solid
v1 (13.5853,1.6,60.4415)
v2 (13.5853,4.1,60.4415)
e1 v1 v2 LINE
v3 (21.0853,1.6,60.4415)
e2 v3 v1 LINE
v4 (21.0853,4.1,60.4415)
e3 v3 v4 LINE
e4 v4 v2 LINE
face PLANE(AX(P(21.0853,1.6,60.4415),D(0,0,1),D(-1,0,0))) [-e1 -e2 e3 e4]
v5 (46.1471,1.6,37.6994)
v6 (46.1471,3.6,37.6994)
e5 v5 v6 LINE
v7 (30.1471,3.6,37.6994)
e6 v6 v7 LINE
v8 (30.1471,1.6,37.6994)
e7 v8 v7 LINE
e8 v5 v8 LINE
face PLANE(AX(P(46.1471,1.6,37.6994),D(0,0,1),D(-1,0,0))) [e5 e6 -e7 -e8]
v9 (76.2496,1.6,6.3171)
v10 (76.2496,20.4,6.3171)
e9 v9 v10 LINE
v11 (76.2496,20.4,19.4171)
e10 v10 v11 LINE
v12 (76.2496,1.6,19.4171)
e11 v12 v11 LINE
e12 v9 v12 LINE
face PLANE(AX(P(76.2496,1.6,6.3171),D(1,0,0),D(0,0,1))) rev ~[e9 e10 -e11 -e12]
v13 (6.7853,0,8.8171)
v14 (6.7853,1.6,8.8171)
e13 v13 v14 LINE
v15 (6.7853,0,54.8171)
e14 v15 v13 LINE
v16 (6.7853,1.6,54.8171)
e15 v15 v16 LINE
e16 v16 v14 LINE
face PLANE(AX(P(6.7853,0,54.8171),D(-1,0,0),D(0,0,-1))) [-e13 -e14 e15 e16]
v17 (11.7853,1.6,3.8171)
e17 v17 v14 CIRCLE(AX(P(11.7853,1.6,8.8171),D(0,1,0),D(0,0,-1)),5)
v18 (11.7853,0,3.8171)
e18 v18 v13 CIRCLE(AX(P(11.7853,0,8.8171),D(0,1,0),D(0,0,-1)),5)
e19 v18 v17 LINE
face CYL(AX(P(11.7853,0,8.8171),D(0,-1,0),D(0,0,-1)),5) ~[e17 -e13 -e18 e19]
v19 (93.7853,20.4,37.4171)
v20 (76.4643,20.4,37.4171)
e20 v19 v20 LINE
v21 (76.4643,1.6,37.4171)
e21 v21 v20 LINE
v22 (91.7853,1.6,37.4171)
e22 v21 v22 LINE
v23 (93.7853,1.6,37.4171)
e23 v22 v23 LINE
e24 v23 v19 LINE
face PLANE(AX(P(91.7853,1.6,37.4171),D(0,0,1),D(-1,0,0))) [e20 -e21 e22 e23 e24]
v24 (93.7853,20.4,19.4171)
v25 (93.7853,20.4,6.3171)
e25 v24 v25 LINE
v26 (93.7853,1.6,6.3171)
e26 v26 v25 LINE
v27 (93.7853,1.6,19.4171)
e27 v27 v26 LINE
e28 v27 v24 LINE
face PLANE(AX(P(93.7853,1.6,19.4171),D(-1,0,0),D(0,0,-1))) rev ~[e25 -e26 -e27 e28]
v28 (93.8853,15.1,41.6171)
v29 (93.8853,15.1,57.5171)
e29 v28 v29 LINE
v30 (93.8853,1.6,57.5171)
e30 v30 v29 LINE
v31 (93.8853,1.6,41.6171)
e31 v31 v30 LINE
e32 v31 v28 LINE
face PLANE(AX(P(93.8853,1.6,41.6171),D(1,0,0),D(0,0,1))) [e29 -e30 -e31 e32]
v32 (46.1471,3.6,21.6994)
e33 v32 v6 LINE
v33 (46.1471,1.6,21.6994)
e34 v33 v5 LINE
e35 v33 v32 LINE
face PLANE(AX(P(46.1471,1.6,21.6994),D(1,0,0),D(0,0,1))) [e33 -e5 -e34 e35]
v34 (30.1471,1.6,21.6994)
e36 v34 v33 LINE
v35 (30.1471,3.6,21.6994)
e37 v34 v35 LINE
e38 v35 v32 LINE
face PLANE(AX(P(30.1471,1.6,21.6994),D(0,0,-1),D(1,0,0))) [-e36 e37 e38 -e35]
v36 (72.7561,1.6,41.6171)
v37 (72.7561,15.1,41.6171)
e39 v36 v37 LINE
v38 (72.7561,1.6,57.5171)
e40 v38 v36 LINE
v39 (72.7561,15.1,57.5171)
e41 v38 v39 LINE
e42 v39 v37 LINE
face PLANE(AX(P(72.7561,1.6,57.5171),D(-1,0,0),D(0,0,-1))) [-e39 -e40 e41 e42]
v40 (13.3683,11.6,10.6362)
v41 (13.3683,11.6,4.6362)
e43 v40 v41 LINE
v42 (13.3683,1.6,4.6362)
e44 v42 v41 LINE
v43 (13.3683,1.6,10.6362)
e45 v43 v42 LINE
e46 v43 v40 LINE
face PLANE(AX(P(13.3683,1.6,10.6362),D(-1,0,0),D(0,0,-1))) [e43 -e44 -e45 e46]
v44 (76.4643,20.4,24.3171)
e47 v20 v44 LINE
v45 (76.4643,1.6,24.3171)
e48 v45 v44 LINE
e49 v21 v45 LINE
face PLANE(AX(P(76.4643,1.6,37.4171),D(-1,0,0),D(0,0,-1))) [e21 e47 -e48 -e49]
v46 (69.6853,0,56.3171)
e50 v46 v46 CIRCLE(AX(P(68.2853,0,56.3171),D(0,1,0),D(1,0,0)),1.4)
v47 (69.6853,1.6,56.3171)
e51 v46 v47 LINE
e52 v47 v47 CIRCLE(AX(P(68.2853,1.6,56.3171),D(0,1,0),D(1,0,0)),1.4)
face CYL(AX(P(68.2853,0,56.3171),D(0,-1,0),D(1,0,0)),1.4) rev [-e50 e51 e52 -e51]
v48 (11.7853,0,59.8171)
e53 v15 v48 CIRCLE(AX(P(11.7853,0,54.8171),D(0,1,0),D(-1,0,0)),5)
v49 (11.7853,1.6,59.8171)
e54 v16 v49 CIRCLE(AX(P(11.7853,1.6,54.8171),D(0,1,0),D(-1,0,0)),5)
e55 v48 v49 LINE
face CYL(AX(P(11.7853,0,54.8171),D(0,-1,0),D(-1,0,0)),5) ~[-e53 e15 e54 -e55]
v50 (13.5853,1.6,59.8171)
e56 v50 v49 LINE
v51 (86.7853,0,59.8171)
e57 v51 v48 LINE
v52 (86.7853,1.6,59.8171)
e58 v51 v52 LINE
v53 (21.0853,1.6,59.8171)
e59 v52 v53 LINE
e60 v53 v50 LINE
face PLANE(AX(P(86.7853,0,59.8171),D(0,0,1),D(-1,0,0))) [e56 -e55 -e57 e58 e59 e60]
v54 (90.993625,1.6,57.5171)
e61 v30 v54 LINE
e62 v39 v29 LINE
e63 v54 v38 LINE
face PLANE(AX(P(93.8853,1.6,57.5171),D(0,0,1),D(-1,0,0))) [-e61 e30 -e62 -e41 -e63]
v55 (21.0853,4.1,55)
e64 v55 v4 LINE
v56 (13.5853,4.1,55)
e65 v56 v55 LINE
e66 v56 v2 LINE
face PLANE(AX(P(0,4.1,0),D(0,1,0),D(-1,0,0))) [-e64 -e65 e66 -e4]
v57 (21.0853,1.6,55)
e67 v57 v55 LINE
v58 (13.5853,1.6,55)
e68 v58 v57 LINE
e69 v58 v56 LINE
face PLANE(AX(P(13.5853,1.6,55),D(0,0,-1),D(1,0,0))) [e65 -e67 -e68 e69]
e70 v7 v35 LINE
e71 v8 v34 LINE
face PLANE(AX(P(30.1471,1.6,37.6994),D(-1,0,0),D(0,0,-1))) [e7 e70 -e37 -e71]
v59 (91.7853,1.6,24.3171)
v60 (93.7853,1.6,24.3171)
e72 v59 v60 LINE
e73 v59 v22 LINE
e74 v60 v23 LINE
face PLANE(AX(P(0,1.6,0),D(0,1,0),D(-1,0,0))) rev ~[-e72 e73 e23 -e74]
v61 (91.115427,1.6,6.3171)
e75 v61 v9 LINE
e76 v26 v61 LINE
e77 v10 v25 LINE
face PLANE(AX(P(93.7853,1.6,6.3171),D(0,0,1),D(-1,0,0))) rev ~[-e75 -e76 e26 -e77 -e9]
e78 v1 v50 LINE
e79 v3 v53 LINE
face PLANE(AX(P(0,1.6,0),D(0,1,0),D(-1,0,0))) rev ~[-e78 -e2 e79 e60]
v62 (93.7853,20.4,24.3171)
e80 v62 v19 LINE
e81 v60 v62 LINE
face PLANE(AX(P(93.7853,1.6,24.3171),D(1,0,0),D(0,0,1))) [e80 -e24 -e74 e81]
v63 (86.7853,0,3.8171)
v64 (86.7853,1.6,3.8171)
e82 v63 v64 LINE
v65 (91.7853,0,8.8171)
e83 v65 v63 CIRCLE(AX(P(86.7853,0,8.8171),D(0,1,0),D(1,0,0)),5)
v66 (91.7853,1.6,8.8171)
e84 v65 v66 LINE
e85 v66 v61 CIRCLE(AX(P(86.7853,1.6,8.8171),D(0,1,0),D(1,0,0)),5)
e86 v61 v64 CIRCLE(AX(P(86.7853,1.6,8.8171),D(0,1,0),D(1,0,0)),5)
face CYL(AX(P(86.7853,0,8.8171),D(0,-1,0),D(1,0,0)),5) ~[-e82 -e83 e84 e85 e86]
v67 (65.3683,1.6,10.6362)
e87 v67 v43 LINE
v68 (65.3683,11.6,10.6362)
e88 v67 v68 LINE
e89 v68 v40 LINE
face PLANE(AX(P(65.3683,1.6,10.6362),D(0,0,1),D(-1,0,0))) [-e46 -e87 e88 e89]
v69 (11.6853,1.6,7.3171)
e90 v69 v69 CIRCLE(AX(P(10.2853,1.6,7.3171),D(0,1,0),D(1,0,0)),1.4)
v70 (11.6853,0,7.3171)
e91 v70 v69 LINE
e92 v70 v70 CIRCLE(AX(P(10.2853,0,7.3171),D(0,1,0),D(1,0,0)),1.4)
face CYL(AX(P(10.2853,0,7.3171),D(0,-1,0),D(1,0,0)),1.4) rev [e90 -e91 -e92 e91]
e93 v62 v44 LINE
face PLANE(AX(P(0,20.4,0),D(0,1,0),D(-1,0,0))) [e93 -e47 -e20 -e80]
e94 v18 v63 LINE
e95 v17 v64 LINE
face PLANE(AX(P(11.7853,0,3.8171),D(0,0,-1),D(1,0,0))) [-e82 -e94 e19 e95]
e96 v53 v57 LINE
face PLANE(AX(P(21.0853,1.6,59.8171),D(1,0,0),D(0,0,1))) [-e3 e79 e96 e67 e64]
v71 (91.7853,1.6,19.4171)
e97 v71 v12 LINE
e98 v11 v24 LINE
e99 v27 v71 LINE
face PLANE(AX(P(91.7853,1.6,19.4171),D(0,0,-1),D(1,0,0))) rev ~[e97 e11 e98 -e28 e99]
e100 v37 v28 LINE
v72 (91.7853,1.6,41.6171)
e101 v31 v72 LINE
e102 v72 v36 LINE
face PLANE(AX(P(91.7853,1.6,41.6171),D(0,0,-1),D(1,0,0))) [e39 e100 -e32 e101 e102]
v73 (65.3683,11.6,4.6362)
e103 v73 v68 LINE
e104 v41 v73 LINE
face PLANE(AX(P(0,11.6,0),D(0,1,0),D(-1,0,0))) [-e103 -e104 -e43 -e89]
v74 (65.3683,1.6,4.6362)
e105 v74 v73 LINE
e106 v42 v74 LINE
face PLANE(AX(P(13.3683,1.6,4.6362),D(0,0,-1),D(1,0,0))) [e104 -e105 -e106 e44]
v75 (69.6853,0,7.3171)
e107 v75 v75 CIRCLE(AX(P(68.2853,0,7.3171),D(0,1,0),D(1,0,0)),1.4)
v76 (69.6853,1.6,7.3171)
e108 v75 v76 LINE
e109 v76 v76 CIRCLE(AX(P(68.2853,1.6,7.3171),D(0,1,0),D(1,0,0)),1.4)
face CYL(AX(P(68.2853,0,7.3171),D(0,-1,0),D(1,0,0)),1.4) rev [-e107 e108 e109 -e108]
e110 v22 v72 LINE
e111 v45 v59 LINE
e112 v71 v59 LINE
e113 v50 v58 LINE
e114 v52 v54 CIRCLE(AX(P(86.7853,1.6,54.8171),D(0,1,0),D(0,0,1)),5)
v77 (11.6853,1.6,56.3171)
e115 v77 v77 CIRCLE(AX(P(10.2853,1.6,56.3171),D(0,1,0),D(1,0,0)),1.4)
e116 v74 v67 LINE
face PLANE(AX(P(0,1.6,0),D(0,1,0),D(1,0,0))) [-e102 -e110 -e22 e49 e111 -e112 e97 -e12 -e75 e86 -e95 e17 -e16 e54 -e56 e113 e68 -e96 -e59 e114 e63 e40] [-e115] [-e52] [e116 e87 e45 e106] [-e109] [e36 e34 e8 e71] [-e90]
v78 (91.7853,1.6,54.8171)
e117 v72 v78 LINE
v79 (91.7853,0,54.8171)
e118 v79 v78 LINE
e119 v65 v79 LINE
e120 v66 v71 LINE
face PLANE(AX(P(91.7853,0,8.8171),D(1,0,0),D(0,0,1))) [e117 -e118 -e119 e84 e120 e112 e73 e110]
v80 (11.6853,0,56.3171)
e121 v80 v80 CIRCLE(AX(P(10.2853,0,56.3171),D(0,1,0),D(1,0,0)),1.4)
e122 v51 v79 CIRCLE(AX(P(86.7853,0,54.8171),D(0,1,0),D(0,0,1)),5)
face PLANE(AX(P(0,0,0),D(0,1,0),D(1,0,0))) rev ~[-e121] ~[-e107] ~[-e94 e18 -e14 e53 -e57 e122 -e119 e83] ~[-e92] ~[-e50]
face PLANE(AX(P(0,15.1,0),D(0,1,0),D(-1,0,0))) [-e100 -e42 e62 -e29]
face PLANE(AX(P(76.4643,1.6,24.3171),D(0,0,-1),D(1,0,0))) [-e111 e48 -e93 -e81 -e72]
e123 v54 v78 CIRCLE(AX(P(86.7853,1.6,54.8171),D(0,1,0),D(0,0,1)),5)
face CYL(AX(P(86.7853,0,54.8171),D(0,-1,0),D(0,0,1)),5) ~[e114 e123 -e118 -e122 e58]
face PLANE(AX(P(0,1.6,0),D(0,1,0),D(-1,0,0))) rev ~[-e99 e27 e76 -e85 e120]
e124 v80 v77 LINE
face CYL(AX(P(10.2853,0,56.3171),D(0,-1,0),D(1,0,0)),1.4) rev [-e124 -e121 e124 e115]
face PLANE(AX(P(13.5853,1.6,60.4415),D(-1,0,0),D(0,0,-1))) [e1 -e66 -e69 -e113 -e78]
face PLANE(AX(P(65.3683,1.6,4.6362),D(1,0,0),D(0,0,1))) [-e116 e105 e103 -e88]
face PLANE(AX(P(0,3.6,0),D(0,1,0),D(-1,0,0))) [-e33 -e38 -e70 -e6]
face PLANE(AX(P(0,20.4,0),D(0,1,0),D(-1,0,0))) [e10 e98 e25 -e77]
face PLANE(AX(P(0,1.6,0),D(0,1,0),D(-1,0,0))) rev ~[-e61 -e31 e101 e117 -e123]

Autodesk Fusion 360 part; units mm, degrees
sketch "Sketch1" plane through (0, 0, 0) normal (0, 1, 0) x (1, 0, 0)
  line L0 (11.7853, -3.8171) -> (86.7853, -3.8171)
  line L1 (91.7853, -8.8171) -> (91.7853, -54.8171)
  line L2 (86.7853, -59.8171) -> (11.7853, -59.8171)
  line L3 (6.7853, -54.8171) -> (6.7853, -8.8171)
  circle A0 centre (10.2853, -7.3171) radius 1.4
  circle A1 centre (10.2853, -56.3171) radius 1.4
  circle A2 centre (68.2853, -7.3171) radius 1.4
  circle A3 centre (68.2853, -56.3171) radius 1.4
  arc A4 (91.7853, -8.8171) -> (86.7853, -3.8171) centre (86.7853, -8.8171) ccw
  arc A5 (86.7853, -59.8171) -> (91.7853, -54.8171) centre (86.7853, -54.8171) ccw
  arc A6 (6.7853, -54.8171) -> (11.7853, -59.8171) centre (11.7853, -54.8171) ccw
  arc A7 (11.7853, -3.8171) -> (6.7853, -8.8171) centre (11.7853, -8.8171) ccw
  dimension "d1" = 85
  dimension "d2" = 56
  dimension "d3" = 58
  dimension "d4" = 2.8
  dimension "d5" = 3.5
  dimension "d6" = 3.5
  dimension "d7" = 49
  dimension "d8" = 5
extrude "Extrude1" add sketch "Sketch1" along normal blind 1.6 makes body 1
copy_body "Body->Comp1" bodies 1 removing the originals makes body 2 in component "PCB"
sketch "Sketch1 (2)" plane through (0, 1.6, 0) normal (0, 1, 0) x (-1, 0, 0) in component "Component"
  circle A0 centre (-68.2853, 56.3171) radius 1.4
  circle A1 centre (-68.2853, 7.3171) radius 1.4
  circle A2 centre (-10.2853, 7.3171) radius 1.4
  circle A3 centre (-10.2853, 56.3171) radius 1.4
  arc A4 (-91.7853, 8.8171) -> (-86.7853, 3.8171) centre (-86.7853, 8.8171) ccw
  line L0 (-86.7853, 3.8171) -> (-11.7853, 3.8171)
  arc A5 (-11.7853, 3.8171) -> (-6.7853, 8.8171) centre (-11.7853, 8.8171) ccw
  line L1 (-6.7853, 8.8171) -> (-6.7853, 54.8171)
  arc A6 (-6.7853, 54.8171) -> (-11.7853, 59.8171) centre (-11.7853, 54.8171) ccw
  line L2 (-11.7853, 59.8171) -> (-86.7853, 59.8171)
  arc A7 (-86.7853, 59.8171) -> (-91.7853, 54.8171) centre (-86.7853, 54.8171) ccw
  line L3 (-91.7853, 54.8171) -> (-91.7853, 8.8171)
  line L4 (-72.7561, 41.6171) -> (-93.8853, 41.6171)
  line L5 (-93.8853, 41.6171) -> (-93.8853, 57.5171)
  line L6 (-93.8853, 57.5171) -> (-72.7561, 57.5171)
  line L7 (-72.7561, 57.5171) -> (-72.7561, 41.6171)
  dimension "d11" = 15.9
  dimension "d12" = 2.3
  dimension "d13" = 87.1
extrude "Extrude1'" add sketch "Sketch1 (2)" along normal blind 13.5 contours A7 L3 L4 L5 L6 | A7 L3 L4 L6 L7 bodies 2 in component "PCB"
sketch "Sketch2" plane through (0, 1.6, 0) normal (0, 1, 0) x (-1, 0, 0)
  line L0 (-72.7561, 41.6171) -> (-91.7853, 41.6171)
  line L1 (-91.7853, 41.6171) -> (-91.7853, 8.8171)
  arc A0 (-91.7853, 8.8171) -> (-86.7853, 3.8171) centre (-86.7853, 8.8171) ccw
  line L2 (-86.7853, 3.8171) -> (-11.7853, 3.8171)
  arc A1 (-11.7853, 3.8171) -> (-6.7853, 8.8171) centre (-11.7853, 8.8171) ccw
  line L3 (-6.7853, 8.8171) -> (-6.7853, 54.8171)
  arc A2 (-6.7853, 54.8171) -> (-11.7853, 59.8171) centre (-11.7853, 54.8171) ccw
  line L4 (-11.7853, 59.8171) -> (-86.7853, 59.8171)
  arc A3 (-86.7853, 59.8171) -> (-90.9936, 57.5171) centre (-86.7853, 54.8171) ccw
  line L5 (-90.9936, 57.5171) -> (-72.7561, 57.5171)
  line L6 (-72.7561, 57.5171) -> (-72.7561, 41.6171)
  circle A4 centre (-68.2853, 56.3171) radius 1.4
  circle A5 centre (-68.2853, 7.3171) radius 1.4
  circle A6 centre (-10.2853, 56.3171) radius 1.4
  circle A7 centre (-10.2853, 7.3171) radius 1.4
  line L7 (-13.5853, 55) -> (-21.0853, 55)
  line L8 (-21.0853, 55) -> (-21.0853, 60.4415)
  line L9 (-21.0853, 60.4415) -> (-13.5853, 60.4415)
  line L10 (-13.5853, 60.4415) -> (-13.5853, 55)
  dimension "d16" = 7.5
  dimension "d17" = 6.8
extrude "Extrude2" add sketch "Sketch2" along normal blind 2.5 contours L4 L8 L9 L10 | L4 L7 L8 L10 bodies 2 in component "PCB"
sketch "Sketch3" plane through (0, 1.6, 0) normal (0, 1, 0) x (-1, 0, 0)
  line L0 (-21.0853, 55) -> (-21.0853, 59.8171)
  line L1 (-21.0853, 59.8171) -> (-86.7853, 59.8171)
  arc A0 (-86.7853, 59.8171) -> (-90.9936, 57.5171) centre (-86.7853, 54.8171) ccw
  line L2 (-90.9936, 57.5171) -> (-72.7561, 57.5171)
  line L3 (-72.7561, 57.5171) -> (-72.7561, 41.6171)
  line L4 (-72.7561, 41.6171) -> (-91.7853, 41.6171)
  line L5 (-91.7853, 41.6171) -> (-91.7853, 8.8171)
  arc A1 (-91.7853, 8.8171) -> (-86.7853, 3.8171) centre (-86.7853, 8.8171) ccw
  line L6 (-86.7853, 3.8171) -> (-11.7853, 3.8171)
  arc A2 (-11.7853, 3.8171) -> (-6.7853, 8.8171) centre (-11.7853, 8.8171) ccw
  line L7 (-6.7853, 8.8171) -> (-6.7853, 54.8171)
  arc A3 (-6.7853, 54.8171) -> (-11.7853, 59.8171) centre (-11.7853, 54.8171) ccw
  line L8 (-11.7853, 59.8171) -> (-13.5853, 59.8171)
  line L9 (-13.5853, 59.8171) -> (-13.5853, 55)
  line L10 (-13.5853, 55) -> (-21.0853, 55)
  circle A4 centre (-68.2853, 56.3171) radius 1.4
  circle A5 centre (-68.2853, 7.3171) radius 1.4
  circle A6 centre (-10.2853, 56.3171) radius 1.4
  circle A7 centre (-10.2853, 7.3171) radius 1.4
  line L11 (-13.3683, 4.6362) -> (-65.3683, 4.6362)
  line L12 (-65.3683, 4.6362) -> (-65.3683, 10.6362)
  line L13 (-65.3683, 10.6362) -> (-13.3683, 10.6362)
  line L14 (-13.3683, 10.6362) -> (-13.3683, 4.6362)
  dimension "d20" = 52
  dimension "d21" = 6
extrude "Extrude3" add sketch "Sketch3" along normal blind 10 contours L11 L12 L13 L14 bodies 2 in component "PCB"
sketch "Sketch4" plane through (0, 1.6, 0) normal (0, 1, 0) x (-1, 0, 0)
  line L0 (-13.3683, 10.6362) -> (-13.3683, 4.6362)
  line L1 (-13.3683, 4.6362) -> (-65.3683, 4.6362)
  line L2 (-65.3683, 4.6362) -> (-65.3683, 10.6362)
  line L3 (-65.3683, 10.6362) -> (-13.3683, 10.6362)
  line L4 (-21.0853, 55) -> (-21.0853, 59.8171)
  line L5 (-21.0853, 59.8171) -> (-86.7853, 59.8171)
  arc A0 (-86.7853, 59.8171) -> (-90.9936, 57.5171) centre (-86.7853, 54.8171) ccw
  line L6 (-90.9936, 57.5171) -> (-72.7561, 57.5171)
  line L7 (-72.7561, 57.5171) -> (-72.7561, 41.6171)
  line L8 (-72.7561, 41.6171) -> (-91.7853, 41.6171)
  line L9 (-91.7853, 41.6171) -> (-91.7853, 8.8171)
  arc A1 (-91.7853, 8.8171) -> (-86.7853, 3.8171) centre (-86.7853, 8.8171) ccw
  line L10 (-86.7853, 3.8171) -> (-11.7853, 3.8171)
  arc A2 (-11.7853, 3.8171) -> (-6.7853, 8.8171) centre (-11.7853, 8.8171) ccw
  line L11 (-6.7853, 8.8171) -> (-6.7853, 54.8171)
  arc A3 (-6.7853, 54.8171) -> (-11.7853, 59.8171) centre (-11.7853, 54.8171) ccw
  line L12 (-11.7853, 59.8171) -> (-13.5853, 59.8171)
  line L13 (-13.5853, 59.8171) -> (-13.5853, 55)
  line L14 (-13.5853, 55) -> (-21.0853, 55)
  circle A4 centre (-68.2853, 56.3171) radius 1.4
  circle A5 centre (-68.2853, 7.3171) radius 1.4
  circle A6 centre (-10.2853, 56.3171) radius 1.4
  circle A7 centre (-10.2853, 7.3171) radius 1.4
  line L15 (-30.1471, 21.6994) -> (-46.1471, 21.6994)
  line L16 (-46.1471, 21.6994) -> (-46.1471, 37.6994)
  line L17 (-46.1471, 37.6994) -> (-30.1471, 37.6994)
  line L18 (-30.1471, 37.6994) -> (-30.1471, 21.6994)
  dimension "d24" = 16
  dimension "d25" = 16
extrude "Extrude4" add sketch "Sketch4" along normal blind 2 contours L15 L16 L17 L18 bodies 2 in component "PCB"
sketch "Sketch5" plane through (0, 1.6, 0) normal (0, 1, 0) x (-1, 0, 0)
  line L0 (-30.1471, 37.6994) -> (-30.1471, 21.6994)
  line L1 (-30.1471, 21.6994) -> (-46.1471, 21.6994)
  line L2 (-46.1471, 21.6994) -> (-46.1471, 37.6994)
  line L3 (-46.1471, 37.6994) -> (-30.1471, 37.6994)
  line L4 (-13.3683, 10.6362) -> (-13.3683, 4.6362)
  line L5 (-13.3683, 4.6362) -> (-65.3683, 4.6362)
  line L6 (-65.3683, 4.6362) -> (-65.3683, 10.6362)
  line L7 (-65.3683, 10.6362) -> (-13.3683, 10.6362)
  line L8 (-21.0853, 55) -> (-21.0853, 59.8171)
  line L9 (-21.0853, 59.8171) -> (-86.7853, 59.8171)
  arc A0 (-86.7853, 59.8171) -> (-90.9936, 57.5171) centre (-86.7853, 54.8171) ccw
  line L10 (-90.9936, 57.5171) -> (-72.7561, 57.5171)
  line L11 (-72.7561, 57.5171) -> (-72.7561, 41.6171)
  line L12 (-72.7561, 41.6171) -> (-91.7853, 41.6171)
  line L13 (-91.7853, 41.6171) -> (-91.7853, 8.8171)
  arc A1 (-91.7853, 8.8171) -> (-86.7853, 3.8171) centre (-86.7853, 8.8171) ccw
  line L14 (-86.7853, 3.8171) -> (-11.7853, 3.8171)
  arc A2 (-11.7853, 3.8171) -> (-6.7853, 8.8171) centre (-11.7853, 8.8171) ccw
  line L15 (-6.7853, 8.8171) -> (-6.7853, 54.8171)
  arc A3 (-6.7853, 54.8171) -> (-11.7853, 59.8171) centre (-11.7853, 54.8171) ccw
  line L16 (-11.7853, 59.8171) -> (-13.5853, 59.8171)
  line L17 (-13.5853, 59.8171) -> (-13.5853, 55)
  line L18 (-13.5853, 55) -> (-21.0853, 55)
  circle A4 centre (-68.2853, 56.3171) radius 1.4
  circle A5 centre (-68.2853, 7.3171) radius 1.4
  circle A6 centre (-10.2853, 56.3171) radius 1.4
  circle A7 centre (-10.2853, 7.3171) radius 1.4
  line L19 (-76.4643, 24.3171) -> (-93.7853, 24.3171)
  line L20 (-93.7853, 24.3171) -> (-93.7853, 37.4171)
  line L21 (-93.7853, 37.4171) -> (-76.4643, 37.4171)
  line L22 (-76.4643, 37.4171) -> (-76.4643, 24.3171)
  line L23 (-76.2496, 19.4171) -> (-93.7853, 19.4171)
  line L24 (-93.7853, 19.4171) -> (-93.7853, 6.3171)
  line L25 (-93.7853, 6.3171) -> (-76.2496, 6.3171)
  line L26 (-76.2496, 6.3171) -> (-76.2496, 19.4171)
  dimension "d28" = 13.1
  dimension "d29" = 4.2
  dimension "d30" = 2
  dimension "d31" = 13.1
  dimension "d32" = 4.9
extrude "Extrude5" add sketch "Sketch5" along normal blind 18.8 contours L13 L19 L21 L22 | L13 L19 L20 L21 | L13 A1 L23 L24 L25 | L13 A1 L23 L25 L26 bodies 2 in component "PCB"
component "Component" placed x (1, 0, 0) y (0, 1, 0) z (0, 0, 1) at (0, 0, 0)
component "PCB" placed x (1, 0, 0) y (0, 1, 0) z (0, 0, 1) at (0, 0, 0)
